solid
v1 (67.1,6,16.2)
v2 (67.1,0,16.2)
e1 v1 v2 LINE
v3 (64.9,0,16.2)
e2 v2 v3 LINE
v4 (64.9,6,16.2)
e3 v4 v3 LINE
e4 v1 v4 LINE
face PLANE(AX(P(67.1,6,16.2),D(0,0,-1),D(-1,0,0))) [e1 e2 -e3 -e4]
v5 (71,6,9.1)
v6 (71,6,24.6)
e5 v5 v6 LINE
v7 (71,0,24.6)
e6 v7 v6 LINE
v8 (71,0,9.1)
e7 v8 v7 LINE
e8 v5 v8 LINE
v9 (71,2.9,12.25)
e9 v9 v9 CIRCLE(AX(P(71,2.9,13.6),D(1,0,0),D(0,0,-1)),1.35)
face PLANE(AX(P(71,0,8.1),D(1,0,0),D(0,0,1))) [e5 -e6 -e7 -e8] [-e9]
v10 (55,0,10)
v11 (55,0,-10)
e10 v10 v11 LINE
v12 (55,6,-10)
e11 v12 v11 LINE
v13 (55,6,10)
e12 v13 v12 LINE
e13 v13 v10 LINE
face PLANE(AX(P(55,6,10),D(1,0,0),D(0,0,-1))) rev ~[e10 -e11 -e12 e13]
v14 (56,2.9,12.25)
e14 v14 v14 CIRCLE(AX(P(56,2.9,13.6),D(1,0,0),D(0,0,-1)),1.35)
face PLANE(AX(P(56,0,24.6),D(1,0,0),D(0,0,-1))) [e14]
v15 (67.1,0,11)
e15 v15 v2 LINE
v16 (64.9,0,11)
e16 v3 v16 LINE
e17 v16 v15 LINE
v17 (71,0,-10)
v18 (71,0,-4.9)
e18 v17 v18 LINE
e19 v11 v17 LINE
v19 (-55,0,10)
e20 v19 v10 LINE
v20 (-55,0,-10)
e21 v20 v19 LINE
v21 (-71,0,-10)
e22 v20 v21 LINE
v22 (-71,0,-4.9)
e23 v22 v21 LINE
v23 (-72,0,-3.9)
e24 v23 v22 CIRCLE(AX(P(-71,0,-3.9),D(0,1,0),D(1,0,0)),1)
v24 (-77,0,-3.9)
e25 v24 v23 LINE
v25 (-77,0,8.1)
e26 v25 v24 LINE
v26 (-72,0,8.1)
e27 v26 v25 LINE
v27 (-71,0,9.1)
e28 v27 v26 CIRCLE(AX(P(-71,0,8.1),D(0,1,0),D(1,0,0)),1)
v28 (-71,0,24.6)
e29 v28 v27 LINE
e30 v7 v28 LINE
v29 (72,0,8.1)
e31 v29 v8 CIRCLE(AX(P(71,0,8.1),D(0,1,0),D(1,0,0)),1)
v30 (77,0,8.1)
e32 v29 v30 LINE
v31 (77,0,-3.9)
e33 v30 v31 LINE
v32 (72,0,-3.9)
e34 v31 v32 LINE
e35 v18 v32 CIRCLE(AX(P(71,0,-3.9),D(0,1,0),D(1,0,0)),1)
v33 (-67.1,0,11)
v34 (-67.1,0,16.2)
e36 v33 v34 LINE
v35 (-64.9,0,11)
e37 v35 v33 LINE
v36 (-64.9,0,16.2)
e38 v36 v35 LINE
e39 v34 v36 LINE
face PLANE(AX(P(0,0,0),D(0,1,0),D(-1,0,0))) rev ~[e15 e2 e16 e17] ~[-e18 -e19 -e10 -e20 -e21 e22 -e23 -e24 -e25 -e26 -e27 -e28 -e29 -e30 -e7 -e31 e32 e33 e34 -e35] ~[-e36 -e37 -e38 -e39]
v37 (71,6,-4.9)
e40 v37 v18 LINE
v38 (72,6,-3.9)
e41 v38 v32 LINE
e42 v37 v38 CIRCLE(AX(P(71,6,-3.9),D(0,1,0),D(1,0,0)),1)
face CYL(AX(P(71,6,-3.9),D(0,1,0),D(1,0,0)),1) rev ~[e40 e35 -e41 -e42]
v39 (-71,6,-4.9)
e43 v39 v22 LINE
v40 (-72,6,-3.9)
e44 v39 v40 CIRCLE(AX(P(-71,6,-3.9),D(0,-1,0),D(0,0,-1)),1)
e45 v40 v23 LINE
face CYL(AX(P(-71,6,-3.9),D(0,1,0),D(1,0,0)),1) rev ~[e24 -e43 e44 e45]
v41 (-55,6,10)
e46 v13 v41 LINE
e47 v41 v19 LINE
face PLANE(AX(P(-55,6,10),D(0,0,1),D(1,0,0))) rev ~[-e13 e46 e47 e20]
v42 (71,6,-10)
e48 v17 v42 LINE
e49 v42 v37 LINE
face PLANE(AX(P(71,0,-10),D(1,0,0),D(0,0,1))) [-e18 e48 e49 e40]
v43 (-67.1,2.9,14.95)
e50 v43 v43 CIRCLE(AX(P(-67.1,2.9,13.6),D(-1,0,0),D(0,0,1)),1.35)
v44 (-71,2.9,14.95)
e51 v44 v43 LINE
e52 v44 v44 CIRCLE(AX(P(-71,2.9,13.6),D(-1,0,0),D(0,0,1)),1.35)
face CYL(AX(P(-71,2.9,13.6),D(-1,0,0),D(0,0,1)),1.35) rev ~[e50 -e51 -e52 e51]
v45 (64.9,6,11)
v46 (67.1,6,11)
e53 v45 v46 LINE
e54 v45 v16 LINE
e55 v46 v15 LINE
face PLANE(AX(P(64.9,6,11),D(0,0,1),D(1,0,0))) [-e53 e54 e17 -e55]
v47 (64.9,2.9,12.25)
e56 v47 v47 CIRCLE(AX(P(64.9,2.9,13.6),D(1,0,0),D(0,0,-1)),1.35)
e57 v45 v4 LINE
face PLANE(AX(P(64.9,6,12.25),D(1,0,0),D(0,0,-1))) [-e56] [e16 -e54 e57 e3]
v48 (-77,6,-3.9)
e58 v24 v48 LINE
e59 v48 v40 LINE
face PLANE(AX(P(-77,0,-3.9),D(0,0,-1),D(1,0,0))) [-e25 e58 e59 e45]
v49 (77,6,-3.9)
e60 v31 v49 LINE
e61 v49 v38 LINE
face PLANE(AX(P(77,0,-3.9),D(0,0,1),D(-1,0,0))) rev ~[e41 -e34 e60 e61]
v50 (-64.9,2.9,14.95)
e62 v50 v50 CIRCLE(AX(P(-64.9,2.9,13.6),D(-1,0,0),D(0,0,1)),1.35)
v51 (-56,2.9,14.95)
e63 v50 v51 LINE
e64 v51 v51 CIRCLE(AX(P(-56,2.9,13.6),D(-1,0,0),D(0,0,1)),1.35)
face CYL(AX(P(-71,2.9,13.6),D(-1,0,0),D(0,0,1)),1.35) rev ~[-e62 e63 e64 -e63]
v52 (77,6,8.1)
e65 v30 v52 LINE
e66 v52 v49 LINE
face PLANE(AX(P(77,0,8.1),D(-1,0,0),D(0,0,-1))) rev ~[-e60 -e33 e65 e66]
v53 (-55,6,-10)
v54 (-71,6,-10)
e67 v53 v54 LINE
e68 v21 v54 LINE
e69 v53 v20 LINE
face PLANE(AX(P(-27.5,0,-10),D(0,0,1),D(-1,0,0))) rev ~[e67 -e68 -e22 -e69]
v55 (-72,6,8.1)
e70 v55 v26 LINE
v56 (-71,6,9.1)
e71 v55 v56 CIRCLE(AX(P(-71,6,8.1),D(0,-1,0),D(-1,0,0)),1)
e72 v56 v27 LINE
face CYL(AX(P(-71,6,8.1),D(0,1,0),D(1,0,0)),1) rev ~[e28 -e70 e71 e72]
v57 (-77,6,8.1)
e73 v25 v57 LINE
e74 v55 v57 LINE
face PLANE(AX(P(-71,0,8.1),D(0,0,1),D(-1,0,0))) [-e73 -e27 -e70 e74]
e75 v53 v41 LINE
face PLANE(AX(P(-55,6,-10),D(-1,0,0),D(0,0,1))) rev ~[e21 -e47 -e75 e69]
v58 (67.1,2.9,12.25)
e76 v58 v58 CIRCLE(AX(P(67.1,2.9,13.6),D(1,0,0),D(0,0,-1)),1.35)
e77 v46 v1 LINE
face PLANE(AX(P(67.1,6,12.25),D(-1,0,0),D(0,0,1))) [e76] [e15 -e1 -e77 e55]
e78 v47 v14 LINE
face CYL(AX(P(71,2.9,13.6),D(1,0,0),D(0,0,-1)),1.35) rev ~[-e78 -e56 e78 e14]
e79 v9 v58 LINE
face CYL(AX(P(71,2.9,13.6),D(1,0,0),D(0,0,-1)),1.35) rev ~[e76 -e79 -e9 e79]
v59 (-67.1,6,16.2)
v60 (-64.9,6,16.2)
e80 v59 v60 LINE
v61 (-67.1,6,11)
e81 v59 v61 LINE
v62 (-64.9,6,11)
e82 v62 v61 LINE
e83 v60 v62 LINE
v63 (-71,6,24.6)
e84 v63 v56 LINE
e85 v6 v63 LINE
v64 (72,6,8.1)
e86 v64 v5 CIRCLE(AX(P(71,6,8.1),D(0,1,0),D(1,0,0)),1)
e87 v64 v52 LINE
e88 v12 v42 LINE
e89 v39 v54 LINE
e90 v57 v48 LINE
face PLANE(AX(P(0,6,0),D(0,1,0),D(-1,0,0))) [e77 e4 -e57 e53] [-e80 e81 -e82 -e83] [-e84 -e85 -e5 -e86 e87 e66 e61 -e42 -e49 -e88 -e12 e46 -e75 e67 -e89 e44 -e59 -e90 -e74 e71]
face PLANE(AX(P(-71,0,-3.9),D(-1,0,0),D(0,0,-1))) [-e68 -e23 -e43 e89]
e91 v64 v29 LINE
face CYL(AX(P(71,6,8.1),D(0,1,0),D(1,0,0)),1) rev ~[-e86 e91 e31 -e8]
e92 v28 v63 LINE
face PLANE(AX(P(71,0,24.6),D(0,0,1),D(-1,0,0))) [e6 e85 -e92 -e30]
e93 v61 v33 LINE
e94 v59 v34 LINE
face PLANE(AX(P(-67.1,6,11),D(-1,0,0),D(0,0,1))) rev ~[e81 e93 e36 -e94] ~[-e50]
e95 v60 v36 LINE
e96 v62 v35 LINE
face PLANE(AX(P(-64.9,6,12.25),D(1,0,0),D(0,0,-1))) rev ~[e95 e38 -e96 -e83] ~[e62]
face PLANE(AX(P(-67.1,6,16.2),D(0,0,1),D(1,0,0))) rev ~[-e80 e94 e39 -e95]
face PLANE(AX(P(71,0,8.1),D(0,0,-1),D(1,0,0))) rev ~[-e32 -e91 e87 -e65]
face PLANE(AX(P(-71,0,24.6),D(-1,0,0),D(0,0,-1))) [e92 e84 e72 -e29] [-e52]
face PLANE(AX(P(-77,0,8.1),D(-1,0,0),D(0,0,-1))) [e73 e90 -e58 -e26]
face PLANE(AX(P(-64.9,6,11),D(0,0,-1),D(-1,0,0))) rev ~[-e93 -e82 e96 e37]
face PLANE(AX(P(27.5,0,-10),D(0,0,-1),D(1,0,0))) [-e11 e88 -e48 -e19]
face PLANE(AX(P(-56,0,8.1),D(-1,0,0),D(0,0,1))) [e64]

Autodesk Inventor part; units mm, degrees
ref_plane "우측면도" through (0, 0, 0) normal (1, 0, 0) x (0, 1, 0)
ref_plane "평면도" through (0, 0, 0) normal (0, 1, 0) x (-1, 0, 0)
ref_plane "정면도" through (0, 0, 0) normal (0, 0, 1) x (1, 0, 0)
sketch "스케치1" plane through (0, 0, 0) normal (0, 1, 0) x (-1, 0, 0)
  line L0 (-71, 24.6) -> (71, 24.6)
  line L1 (71, 24.6) -> (71, -10)
  line L2 (-71, -10) -> (-71, 24.6)
  line L3 (-71, 24.6) -> (71, -24.6) construction
  line L4 (71, 24.6) -> (-71, -24.6) construction
  line L5 (-71, 8.1) -> (-77, 8.1)
  line L6 (-77, 8.1) -> (-77, -3.9)
  line L7 (-77, -3.9) -> (-71, -3.9)
  line L8 (-71, -3.9) -> (-71, 8.1)
  line L9 (71, 8.1) -> (77, 8.1)
  line L10 (77, 8.1) -> (77, -3.9)
  line L11 (77, -3.9) -> (71, -3.9)
  line L12 (71, -3.9) -> (71, 8.1)
  line L13 (27.5, 10) -> (-27.5, 10)
  line L14 (-27.5, 10) -> (-27.5, -10)
  line L15 (-27.5, -10) -> (27.5, -10)
  line L16 (27.5, -10) -> (27.5, 10)
  line L17 (27.5, 10) -> (-27.5, -10) construction
  line L18 (-27.5, 10) -> (27.5, -10) construction
  line L19 (27.5, -10) -> (71, -10)
  line L20 (-27.5, -10) -> (-71, -10)
  line L21 (71, -24.6) -> (67.65, -24.6)
  line L22 (-67.65, -24.6) -> (-71, -24.6)
  point P0 (0, 0)
  dimension "d0" = 142
  dimension "d1" = 49.2
  dimension "d2" = 6
  dimension "d3" = 12
  dimension "d4" = 6
  dimension "d5" = 55
  dimension "d6" = 20
extrude "돌출2" add sketch "스케치1" along normal blind 6 contours L0 L1 L19 L16 L13 L14 L20 L2 | L2 L7 L6 L5 | L9 L10 L11 L1
sketch "스케치2" plane through (0, 6, 0) normal (0, 1, 0) x (1, 0, 0)
  line L0 (-50, 10) -> (50, 10)
  line L1 (50, 10) -> (50, -10)
  line L2 (50, -10) -> (-50, -10)
  line L3 (-50, -10) -> (-50, 10)
  line L4 (-50, 10) -> (50, -10) construction
  line L5 (50, 10) -> (-50, -10) construction
  point P0 (0, 0)
  dimension "d11" = 100
  dimension "d12" = 20
extrude "돌출3" cut sketch "스케치2" against normal blind 6
sketch "스케치3" plane through (71, 0, 24.6) normal (1, 0, 0) x (0, 0, -1)
  circle A0 centre (11, 2.9) radius 1.35 projected
  circle A1 centre (11, 2.9) radius 1.35
  point P0 (24.6, 0)
extrude "돌출4" cut sketch "스케치3" against normal blind 15
sketch "스케치4" plane through (-71, 0, 8.1) normal (-1, 0, 0) x (0, 0, 1)
  circle A0 centre (5.5, 2.9) radius 1.35 projected
  circle A1 centre (5.5, 2.9) radius 1.35
  point P0 (-8.1, 0)
extrude "돌출5" cut sketch "스케치4" against normal blind 15
sketch "스케치5" plane through (0, 6, 0) normal (0, 1, 0) x (1, 0, 0)
  line L0 (71, -12.25) -> (56, -12.25) projected
  line L1 (71, -14.95) -> (56, -14.95) projected
  line L2 (-71, -12.25) -> (-56, -12.25) projected
  line L3 (-71, -14.95) -> (-56, -14.95) projected
  line L4 (-66, -12.25) -> (-66, -14.95)
  line L5 (66, -12.25) -> (66, -14.95)
  line L6 (-67.1, -16.2) -> (-64.9, -16.2)
  line L7 (-64.9, -16.2) -> (-64.9, -11)
  line L8 (-64.9, -11) -> (-67.1, -11)
  line L9 (-67.1, -11) -> (-67.1, -16.2)
  line L10 (-67.1, -16.2) -> (-64.9, -11) construction
  line L11 (-64.9, -16.2) -> (-67.1, -11) construction
  line L12 (67.1, -16.2) -> (64.9, -16.2)
  line L13 (64.9, -16.2) -> (64.9, -11)
  line L14 (64.9, -11) -> (67.1, -11)
  line L15 (67.1, -11) -> (67.1, -16.2)
  line L16 (67.1, -16.2) -> (64.9, -11) construction
  line L17 (64.9, -16.2) -> (67.1, -11) construction
  point P0 (0, 0)
  point P1 (-66, -13.6)
  point P2 (66, -13.6)
  dimension "d19" = 2.2
  dimension "d20" = 5.2
  dimension "d21" = 2.2
  dimension "d22" = 5.2
extrude "돌출6" cut sketch "스케치5" against normal blind 15
sketch "스케치6" plane through (0, 6, 0) normal (0, 1, 0) x (1, 0, 0)
  line L0 (67.1, -11) -> (67.1, -16.2) projected
  line L1 (67.1, -16.2) -> (64.9, -16.2) projected
  line L2 (64.9, -16.2) -> (64.9, -11) projected
  line L3 (64.9, -11) -> (67.1, -11) projected
  line L4 (-67.1, -16.2) -> (-67.1, -11) projected
  line L5 (-67.1, -11) -> (-64.9, -11) projected
  line L6 (-64.9, -11) -> (-64.9, -16.2) projected
  line L7 (-64.9, -16.2) -> (-67.1, -16.2) projected
  line L8 (-50, -10) -> (-50, 10) projected
  line L9 (-50, 10) -> (-71, 10) projected
  line L10 (-71, 10) -> (-71, 3.9) projected
  line L11 (-71, 3.9) -> (-77, 3.9) projected
  line L12 (-77, 3.9) -> (-77, -8.1) projected
  line L13 (-77, -8.1) -> (-71, -8.1) projected
  line L14 (-71, -8.1) -> (-71, -24.6) projected
  line L15 (-71, -24.6) -> (71, -24.6) projected
  line L16 (71, -24.6) -> (71, -8.1) projected
  line L17 (71, -8.1) -> (77, -8.1) projected
  line L18 (77, -8.1) -> (77, 3.9) projected
  line L19 (77, 3.9) -> (71, 3.9) projected
  line L20 (71, 3.9) -> (71, 10) projected
  line L21 (71, 10) -> (50, 10) projected
  line L22 (50, 10) -> (50, -10) projected
  line L23 (50, -10) -> (-50, -10) projected
  line L24 (-55, -10) -> (55, -10)
  line L25 (55, -10) -> (55, 10)
  line L26 (55, 10) -> (-55, 10)
  line L27 (-55, 10) -> (-55, -10)
  line L28 (-55, -10) -> (55, 10) construction
  line L29 (55, -10) -> (-55, 10) construction
  point P0 (0, 0)
  dimension "d25" = 110
extrude "돌출8" cut sketch "스케치6" against normal blind 10 contours L24 L27 L9 L8 | L22 L21 L25 L24
sketch "스케치7" plane through (0, 6, 0) normal (0, 1, 0) x (1, 0, 0)
  line L0 (-67.1, -16.2) -> (-67.1, -11) projected
  line L1 (-67.1, -11) -> (-64.9, -11) projected
  line L2 (-64.9, -11) -> (-64.9, -16.2) projected
  line L3 (-64.9, -16.2) -> (-67.1, -16.2) projected
  line L4 (67.1, -11) -> (67.1, -16.2) projected
  line L5 (67.1, -16.2) -> (64.9, -16.2) projected
  line L6 (64.9, -16.2) -> (64.9, -11) projected
  line L7 (64.9, -11) -> (67.1, -11) projected
  line L8 (55, 10) -> (55, -10) projected
  line L9 (55, -10) -> (-55, -10) projected
  line L10 (-55, -10) -> (-55, 10) projected
  line L11 (-55, 10) -> (-71, 10) projected
  line L12 (-71, 10) -> (-71, 3.9) projected
  line L13 (-71, 3.9) -> (-77, 3.9) projected
  line L14 (-77, 3.9) -> (-77, -8.1) projected
  line L15 (-77, -8.1) -> (-71, -8.1) projected
  line L16 (-71, -8.1) -> (-71, -24.6) projected
  line L17 (-71, -24.6) -> (71, -24.6) projected
  line L18 (71, -24.6) -> (71, -8.1) projected
  line L19 (71, -8.1) -> (77, -8.1) projected
  line L20 (77, -8.1) -> (77, 3.9) projected
  line L21 (77, 3.9) -> (71, 3.9) projected
  line L22 (71, 3.9) -> (71, 10) projected
  line L23 (71, 10) -> (55, 10) projected
  circle A0 centre (-71, 3.9) radius 1
  circle A1 centre (-71, -8.1) radius 1
  circle A2 centre (71, -8.1) radius 1
  circle A3 centre (71, 3.9) radius 1
  point P0 (0, 0)
  point P1 (72, -8.1)
  point P2 (71, -9.1)
  point P3 (71, 4.9)
  point P4 (72, 3.9)
  point P5 (-71, 4.9)
  point P6 (-72, 3.9)
  point P7 (-71, -9.1)
  point P8 (-72, -8.1)
  dimension "d30" = 2
  dimension "d31" = 2
  dimension "d32" = 2
  dimension "d33" = 2
extrude "돌출9" cut sketch "스케치7" against normal blind 10 contours L22 L21 A3 | A0 L13 L12 | L19 L18 A2 | A1 L16 L15 picked at (71.1358, 3.2525) picked at (-71.657, 3.8202) picked at (71.1358, -7.4525) picked at (-71, -7.4382)
properties part number "battery backplate" material "PMMA 플라스틱"
